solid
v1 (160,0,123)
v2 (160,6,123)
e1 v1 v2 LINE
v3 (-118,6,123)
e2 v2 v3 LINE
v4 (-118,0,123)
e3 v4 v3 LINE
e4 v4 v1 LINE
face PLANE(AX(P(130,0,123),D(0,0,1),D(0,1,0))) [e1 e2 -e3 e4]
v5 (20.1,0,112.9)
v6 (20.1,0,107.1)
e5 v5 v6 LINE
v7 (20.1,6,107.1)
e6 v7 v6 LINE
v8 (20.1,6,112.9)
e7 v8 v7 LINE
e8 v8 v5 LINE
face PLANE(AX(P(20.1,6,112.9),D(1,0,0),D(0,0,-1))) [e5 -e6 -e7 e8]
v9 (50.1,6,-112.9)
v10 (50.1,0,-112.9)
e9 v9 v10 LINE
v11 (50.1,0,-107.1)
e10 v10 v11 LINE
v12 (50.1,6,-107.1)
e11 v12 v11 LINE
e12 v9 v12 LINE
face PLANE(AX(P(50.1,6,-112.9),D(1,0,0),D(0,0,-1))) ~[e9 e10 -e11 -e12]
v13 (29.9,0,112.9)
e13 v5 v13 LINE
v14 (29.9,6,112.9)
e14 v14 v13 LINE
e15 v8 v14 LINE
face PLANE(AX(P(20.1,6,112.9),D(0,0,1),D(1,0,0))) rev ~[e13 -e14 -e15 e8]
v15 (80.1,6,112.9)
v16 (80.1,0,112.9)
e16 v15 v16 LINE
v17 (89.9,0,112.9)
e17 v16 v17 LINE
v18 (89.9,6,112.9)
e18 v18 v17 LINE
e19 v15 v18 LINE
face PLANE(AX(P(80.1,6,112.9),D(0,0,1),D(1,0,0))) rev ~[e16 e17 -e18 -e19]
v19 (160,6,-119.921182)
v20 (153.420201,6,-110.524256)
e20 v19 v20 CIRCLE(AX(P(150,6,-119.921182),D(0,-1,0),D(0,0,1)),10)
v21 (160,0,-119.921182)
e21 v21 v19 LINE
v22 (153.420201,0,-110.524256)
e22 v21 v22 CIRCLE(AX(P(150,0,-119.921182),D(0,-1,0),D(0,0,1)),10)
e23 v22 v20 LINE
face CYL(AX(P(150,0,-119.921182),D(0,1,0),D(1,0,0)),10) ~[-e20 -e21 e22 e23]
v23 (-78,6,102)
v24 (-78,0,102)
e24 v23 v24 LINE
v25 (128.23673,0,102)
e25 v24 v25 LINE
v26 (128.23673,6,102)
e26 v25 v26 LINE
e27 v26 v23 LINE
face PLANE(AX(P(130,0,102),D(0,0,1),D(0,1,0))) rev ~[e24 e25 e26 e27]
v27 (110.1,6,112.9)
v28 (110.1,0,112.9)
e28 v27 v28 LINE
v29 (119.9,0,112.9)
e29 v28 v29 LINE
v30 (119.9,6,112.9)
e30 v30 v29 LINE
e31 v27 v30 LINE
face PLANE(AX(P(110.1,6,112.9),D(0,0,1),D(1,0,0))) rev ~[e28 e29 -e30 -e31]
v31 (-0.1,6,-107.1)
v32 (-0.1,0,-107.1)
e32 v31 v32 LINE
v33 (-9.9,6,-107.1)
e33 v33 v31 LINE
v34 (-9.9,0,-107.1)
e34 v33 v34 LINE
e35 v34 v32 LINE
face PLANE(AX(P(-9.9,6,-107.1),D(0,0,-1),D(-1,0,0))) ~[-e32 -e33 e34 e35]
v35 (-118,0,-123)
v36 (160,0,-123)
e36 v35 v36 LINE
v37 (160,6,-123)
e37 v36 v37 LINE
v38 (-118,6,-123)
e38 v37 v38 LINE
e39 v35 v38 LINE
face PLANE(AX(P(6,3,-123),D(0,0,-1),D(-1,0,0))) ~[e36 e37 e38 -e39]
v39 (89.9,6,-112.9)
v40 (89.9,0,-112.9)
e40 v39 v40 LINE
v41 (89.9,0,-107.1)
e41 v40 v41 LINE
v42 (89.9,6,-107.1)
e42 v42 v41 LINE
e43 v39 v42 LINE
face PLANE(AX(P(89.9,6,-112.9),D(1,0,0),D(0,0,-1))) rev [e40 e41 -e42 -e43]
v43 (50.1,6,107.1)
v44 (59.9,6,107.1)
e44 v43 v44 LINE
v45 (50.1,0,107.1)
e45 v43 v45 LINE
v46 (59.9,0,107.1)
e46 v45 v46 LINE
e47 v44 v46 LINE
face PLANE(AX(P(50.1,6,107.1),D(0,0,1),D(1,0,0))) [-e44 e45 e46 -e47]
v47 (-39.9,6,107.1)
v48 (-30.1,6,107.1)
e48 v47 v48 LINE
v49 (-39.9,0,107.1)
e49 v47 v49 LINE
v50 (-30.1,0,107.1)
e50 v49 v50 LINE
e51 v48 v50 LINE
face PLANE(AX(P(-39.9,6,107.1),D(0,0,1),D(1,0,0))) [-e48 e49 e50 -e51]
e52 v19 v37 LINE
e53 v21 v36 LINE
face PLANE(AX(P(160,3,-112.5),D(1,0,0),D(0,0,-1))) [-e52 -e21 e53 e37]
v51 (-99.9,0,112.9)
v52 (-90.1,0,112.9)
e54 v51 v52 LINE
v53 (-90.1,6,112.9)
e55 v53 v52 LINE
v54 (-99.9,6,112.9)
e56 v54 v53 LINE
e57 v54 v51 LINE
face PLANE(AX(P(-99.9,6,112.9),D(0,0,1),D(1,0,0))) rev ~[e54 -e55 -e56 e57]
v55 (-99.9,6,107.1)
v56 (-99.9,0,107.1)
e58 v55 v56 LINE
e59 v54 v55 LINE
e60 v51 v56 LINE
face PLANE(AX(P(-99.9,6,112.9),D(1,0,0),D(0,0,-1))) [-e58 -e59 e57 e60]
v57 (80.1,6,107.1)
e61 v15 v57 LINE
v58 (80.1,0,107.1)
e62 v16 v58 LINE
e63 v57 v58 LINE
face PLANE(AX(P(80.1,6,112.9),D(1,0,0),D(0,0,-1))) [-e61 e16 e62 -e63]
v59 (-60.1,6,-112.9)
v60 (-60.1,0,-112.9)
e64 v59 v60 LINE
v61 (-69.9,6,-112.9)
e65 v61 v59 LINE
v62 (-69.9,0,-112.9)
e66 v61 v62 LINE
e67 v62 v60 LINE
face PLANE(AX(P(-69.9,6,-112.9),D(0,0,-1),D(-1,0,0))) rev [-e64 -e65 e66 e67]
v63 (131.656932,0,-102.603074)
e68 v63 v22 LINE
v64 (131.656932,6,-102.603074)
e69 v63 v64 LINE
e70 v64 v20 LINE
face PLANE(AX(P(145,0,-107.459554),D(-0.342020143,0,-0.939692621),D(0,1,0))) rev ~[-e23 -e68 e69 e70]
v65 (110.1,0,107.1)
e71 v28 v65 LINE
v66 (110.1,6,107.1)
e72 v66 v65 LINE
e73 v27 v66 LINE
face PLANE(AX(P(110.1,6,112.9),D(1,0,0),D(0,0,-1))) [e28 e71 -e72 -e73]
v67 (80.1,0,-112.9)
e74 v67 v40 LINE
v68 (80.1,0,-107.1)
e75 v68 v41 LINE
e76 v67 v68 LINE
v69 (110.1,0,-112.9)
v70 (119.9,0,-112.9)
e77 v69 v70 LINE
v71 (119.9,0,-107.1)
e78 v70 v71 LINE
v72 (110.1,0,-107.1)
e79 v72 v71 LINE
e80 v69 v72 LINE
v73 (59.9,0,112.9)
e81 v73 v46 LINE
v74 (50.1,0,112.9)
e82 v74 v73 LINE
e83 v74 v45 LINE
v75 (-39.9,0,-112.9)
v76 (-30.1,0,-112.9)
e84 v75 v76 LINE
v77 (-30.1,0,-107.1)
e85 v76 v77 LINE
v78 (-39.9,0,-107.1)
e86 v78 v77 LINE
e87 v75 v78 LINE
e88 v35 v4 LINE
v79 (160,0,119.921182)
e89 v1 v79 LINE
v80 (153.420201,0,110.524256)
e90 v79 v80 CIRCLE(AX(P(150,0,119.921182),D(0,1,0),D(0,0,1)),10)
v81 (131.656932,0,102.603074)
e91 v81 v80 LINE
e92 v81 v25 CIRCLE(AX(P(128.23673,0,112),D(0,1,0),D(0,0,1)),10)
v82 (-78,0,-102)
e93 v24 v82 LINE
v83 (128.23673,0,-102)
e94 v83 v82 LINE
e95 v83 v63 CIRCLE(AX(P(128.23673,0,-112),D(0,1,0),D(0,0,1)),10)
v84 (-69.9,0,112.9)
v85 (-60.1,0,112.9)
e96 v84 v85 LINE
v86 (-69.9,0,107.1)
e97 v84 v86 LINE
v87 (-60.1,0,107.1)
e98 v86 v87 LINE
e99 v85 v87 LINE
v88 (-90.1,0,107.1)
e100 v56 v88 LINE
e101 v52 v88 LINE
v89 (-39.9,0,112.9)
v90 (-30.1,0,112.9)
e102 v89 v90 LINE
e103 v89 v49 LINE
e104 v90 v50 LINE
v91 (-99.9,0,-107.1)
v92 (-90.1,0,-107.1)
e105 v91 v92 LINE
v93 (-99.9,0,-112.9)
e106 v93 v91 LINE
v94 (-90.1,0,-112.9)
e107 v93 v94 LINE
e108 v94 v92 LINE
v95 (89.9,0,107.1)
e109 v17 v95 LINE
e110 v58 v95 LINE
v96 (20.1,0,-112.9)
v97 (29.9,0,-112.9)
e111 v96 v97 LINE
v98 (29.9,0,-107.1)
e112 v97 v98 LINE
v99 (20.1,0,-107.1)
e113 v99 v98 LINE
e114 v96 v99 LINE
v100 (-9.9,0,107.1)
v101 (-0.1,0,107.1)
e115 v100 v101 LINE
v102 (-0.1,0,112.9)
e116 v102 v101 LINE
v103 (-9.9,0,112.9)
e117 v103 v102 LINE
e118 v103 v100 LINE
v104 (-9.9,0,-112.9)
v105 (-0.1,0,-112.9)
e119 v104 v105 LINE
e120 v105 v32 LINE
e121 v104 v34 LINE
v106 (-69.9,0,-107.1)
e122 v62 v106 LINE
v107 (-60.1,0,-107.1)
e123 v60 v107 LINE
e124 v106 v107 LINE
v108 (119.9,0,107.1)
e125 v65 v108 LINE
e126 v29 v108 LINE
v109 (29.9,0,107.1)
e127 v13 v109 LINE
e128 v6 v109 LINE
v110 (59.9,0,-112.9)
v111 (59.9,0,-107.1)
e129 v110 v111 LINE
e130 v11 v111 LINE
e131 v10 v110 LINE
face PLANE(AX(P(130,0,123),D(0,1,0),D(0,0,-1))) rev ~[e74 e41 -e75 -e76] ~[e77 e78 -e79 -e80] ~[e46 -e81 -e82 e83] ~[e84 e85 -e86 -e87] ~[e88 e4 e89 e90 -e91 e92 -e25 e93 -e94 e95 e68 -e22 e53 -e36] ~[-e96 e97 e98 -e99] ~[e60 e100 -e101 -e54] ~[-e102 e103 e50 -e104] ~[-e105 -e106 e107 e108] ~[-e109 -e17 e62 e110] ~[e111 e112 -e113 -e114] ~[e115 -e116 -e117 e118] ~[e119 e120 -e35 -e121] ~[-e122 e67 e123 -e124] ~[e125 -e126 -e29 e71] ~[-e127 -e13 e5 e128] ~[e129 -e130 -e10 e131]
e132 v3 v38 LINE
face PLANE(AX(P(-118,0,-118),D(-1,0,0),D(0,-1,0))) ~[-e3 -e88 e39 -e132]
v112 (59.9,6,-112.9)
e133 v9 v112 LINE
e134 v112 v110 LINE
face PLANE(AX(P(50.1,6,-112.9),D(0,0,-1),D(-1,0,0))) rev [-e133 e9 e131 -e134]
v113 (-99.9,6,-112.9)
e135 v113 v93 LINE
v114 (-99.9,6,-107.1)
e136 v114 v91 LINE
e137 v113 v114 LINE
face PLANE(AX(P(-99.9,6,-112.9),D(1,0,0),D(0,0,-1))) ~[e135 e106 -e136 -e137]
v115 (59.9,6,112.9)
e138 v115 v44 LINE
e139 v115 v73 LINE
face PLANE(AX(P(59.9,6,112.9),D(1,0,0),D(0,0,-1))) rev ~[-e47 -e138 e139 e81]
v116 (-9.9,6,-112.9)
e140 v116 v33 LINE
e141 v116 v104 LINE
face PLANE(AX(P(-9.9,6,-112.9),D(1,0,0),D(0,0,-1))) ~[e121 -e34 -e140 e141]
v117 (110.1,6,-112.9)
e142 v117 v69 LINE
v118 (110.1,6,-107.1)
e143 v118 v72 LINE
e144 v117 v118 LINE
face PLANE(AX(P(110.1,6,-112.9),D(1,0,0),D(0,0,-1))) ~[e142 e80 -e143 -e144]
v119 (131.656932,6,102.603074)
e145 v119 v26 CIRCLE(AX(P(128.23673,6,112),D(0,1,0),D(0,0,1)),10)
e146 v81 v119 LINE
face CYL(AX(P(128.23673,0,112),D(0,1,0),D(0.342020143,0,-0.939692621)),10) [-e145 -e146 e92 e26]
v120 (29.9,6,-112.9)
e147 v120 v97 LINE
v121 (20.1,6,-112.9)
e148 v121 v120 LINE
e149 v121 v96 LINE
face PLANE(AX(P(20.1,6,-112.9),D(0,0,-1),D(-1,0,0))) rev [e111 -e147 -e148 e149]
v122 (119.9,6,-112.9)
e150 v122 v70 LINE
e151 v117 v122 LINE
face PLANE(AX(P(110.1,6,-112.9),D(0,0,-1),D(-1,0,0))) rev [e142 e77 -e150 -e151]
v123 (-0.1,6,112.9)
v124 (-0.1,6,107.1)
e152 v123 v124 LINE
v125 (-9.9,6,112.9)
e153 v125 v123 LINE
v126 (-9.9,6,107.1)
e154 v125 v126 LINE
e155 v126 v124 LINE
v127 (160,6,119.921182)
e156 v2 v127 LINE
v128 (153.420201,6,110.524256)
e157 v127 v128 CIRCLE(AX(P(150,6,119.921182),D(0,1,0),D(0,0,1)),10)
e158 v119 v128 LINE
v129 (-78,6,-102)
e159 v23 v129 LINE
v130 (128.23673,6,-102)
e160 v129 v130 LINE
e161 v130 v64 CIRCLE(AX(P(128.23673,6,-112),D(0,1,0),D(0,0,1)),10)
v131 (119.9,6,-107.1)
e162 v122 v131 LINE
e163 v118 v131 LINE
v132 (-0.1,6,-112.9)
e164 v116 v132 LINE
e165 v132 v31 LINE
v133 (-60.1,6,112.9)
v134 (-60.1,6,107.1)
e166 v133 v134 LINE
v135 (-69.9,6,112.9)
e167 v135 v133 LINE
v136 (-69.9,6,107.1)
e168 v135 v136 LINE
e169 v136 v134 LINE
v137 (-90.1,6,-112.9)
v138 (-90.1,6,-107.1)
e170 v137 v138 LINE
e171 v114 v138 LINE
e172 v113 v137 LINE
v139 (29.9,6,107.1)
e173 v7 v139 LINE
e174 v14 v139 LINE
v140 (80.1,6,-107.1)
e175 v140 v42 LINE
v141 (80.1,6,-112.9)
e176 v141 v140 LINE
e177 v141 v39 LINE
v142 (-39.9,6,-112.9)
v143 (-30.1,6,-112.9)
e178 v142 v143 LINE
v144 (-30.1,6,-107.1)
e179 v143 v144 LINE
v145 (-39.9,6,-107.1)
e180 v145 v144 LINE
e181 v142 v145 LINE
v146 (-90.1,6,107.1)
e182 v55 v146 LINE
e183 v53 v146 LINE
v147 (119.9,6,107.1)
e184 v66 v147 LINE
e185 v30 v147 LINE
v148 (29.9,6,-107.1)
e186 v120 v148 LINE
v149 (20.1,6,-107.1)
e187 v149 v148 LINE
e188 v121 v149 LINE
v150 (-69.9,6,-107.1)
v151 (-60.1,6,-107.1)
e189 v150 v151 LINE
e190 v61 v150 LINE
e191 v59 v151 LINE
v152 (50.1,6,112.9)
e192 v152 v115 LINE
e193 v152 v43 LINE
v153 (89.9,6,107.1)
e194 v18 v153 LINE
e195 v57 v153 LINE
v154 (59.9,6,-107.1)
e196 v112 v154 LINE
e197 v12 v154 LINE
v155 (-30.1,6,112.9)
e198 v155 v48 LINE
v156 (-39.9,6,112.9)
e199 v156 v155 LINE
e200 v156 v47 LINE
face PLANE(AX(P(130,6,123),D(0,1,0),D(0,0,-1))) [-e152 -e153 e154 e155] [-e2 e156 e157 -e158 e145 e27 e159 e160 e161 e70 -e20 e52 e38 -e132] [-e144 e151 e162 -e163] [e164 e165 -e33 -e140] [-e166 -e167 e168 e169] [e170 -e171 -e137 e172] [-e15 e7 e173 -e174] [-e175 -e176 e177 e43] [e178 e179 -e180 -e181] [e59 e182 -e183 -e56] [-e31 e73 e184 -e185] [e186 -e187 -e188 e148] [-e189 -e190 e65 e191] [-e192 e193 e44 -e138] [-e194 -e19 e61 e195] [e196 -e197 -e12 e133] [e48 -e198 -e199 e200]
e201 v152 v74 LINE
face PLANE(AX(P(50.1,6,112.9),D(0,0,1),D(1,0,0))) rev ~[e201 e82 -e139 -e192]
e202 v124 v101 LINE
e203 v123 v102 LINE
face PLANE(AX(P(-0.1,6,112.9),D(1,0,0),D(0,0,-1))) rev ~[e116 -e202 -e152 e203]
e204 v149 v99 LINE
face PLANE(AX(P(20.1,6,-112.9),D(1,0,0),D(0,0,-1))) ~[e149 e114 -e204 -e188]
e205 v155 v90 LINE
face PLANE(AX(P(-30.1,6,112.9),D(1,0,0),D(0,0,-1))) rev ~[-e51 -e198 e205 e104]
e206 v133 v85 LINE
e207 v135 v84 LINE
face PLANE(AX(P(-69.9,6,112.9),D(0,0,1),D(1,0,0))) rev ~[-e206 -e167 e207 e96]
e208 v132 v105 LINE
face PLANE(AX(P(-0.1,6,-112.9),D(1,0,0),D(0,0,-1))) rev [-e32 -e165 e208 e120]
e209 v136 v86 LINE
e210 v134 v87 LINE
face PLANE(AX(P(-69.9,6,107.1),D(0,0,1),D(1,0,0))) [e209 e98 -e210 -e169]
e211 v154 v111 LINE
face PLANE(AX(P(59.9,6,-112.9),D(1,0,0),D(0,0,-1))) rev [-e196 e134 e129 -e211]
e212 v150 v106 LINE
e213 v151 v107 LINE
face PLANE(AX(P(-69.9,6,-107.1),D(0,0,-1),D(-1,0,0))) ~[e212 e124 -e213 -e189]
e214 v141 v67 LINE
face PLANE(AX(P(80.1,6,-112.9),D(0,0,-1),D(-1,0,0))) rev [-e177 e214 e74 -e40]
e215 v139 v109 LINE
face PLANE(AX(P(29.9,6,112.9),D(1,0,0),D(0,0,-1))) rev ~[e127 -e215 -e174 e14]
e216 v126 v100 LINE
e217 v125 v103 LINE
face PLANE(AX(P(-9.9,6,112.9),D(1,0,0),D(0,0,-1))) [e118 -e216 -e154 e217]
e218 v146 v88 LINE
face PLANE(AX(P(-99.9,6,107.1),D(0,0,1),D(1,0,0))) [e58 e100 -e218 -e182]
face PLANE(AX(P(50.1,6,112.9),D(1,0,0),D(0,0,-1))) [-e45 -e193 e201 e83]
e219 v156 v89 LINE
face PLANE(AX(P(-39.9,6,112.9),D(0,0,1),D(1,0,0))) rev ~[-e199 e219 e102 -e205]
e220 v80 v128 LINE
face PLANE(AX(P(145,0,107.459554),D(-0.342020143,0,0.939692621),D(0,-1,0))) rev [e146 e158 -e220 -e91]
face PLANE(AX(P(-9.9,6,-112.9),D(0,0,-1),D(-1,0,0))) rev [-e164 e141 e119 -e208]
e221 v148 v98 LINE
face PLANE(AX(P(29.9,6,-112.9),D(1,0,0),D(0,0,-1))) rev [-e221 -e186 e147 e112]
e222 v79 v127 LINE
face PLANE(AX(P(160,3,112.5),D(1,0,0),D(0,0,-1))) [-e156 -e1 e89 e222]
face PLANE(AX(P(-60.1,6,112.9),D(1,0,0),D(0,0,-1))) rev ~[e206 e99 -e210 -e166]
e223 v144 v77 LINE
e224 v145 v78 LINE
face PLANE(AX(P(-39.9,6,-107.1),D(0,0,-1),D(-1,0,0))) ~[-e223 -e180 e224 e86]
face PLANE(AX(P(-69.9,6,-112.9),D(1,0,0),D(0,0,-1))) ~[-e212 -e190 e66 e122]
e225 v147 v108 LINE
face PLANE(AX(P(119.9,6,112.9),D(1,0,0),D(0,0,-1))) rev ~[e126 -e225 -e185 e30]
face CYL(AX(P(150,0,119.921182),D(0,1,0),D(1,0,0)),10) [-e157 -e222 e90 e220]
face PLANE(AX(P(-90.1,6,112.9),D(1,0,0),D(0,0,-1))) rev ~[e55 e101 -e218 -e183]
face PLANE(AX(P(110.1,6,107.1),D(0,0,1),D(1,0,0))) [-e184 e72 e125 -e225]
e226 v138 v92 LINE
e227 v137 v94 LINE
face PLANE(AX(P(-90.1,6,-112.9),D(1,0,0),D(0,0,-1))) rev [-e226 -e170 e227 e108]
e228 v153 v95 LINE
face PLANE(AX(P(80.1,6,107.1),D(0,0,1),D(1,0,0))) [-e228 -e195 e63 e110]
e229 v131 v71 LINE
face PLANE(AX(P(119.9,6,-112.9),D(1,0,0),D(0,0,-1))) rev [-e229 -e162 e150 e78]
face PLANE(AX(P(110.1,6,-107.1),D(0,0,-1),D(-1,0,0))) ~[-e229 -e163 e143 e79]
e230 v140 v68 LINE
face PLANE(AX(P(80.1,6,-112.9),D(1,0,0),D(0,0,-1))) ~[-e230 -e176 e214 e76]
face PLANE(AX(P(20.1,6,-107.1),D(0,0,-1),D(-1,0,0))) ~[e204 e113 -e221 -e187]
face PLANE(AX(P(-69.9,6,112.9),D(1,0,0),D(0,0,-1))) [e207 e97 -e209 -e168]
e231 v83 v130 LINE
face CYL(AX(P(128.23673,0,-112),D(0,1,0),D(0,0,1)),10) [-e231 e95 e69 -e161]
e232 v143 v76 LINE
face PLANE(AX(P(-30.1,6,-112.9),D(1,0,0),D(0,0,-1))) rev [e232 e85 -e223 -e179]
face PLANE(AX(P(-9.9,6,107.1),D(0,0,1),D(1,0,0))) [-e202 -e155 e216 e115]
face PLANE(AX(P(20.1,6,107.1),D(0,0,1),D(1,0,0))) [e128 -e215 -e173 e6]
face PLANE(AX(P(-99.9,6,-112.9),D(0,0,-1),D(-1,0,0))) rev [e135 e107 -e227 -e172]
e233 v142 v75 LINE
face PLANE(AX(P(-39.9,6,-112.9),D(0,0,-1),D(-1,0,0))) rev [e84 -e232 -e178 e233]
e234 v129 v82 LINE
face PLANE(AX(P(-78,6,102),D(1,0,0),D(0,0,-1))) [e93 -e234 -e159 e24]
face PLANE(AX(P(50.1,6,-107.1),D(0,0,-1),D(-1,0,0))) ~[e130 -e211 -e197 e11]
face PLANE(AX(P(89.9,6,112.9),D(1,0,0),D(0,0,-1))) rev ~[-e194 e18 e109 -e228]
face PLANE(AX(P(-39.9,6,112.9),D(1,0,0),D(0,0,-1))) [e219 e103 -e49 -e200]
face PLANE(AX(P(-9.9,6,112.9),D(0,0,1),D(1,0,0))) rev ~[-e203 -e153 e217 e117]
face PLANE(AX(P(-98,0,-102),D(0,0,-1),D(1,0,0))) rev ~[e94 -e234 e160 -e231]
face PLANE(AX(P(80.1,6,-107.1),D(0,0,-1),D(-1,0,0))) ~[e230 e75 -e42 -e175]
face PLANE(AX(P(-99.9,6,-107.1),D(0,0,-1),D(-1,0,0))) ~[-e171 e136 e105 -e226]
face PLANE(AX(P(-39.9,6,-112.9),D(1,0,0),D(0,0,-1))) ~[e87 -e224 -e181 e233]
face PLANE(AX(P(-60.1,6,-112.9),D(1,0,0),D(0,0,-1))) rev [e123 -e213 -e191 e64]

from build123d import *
from OCP.BRepFilletAPI import BRepFilletAPI_MakeChamfer

# Parameters (mm, degrees)
BOSS_EXTRUDE1_DEPTH = 6
SKETCH2_W           = 9.8
SKETCH2_H           = 5.8
CUT_EXTRUDE1_DEPTH  = 6
SKETCH5_W           = 20
SKETCH5_H           = 236
CUT_EXTRUDE2_DEPTH  = 6
SKETCH6_W           = 10
SKETCH6_H           = 204
CUT_EXTRUDE3_DEPTH  = 20
SKETCH7_W           = 32
SKETCH7_H           = 236
CUT_EXTRUDE4_DEPTH  = 20
SKETCH8_W           = 248
SKETCH8_H           = 6
BOSS_EXTRUDE2_DEPTH = 5
SKETCH10_W          = 30
SKETCH10_H          = 204
BOSS_EXTRUDE3_DEPTH = 6
SKETCH11_W          = 21
SKETCH11_H          = 6
BOSS_EXTRUDE4_DEPTH = 30
CHAMFER1_SIZE       = 30
CHAMFER1_SIZE2      = 10.919107028
FILLET1_R           = 10


with BuildPart() as part:
    # Sketch1 → Boss-Extrude1 (new body)
    with BuildSketch(Plane(origin=(0, 0, 0), x_dir=(1, 0, 0), z_dir=(0, 1, 0))):
        Polygon((-150, 118), (-150, -118), (150, -118), (150, -102), (-98, -102), (-98, 102), (150, 102), (150, 118), align=None)
    extrude(amount=BOSS_EXTRUDE1_DEPTH)

    # Sketch2 → Cut-Extrude1 (cut)
    with BuildSketch(Plane(origin=(0, 6, 0), x_dir=(1, 0, 0), z_dir=(0, 1, 0))):
        with Locations((85, -110)):
            Rectangle(SKETCH2_W, SKETCH2_H)
        with Locations((115, -110)):
            Rectangle(SKETCH2_W, SKETCH2_H)
        with Locations((55, -110)):
            Rectangle(SKETCH2_W, SKETCH2_H)
        with Locations((25, -110)):
            Rectangle(SKETCH2_W, SKETCH2_H)
        with Locations((-5, -110)):
            Rectangle(SKETCH2_W, SKETCH2_H)
        with Locations((-35, -110)):
            Rectangle(SKETCH2_W, SKETCH2_H)
        with Locations((-65, -110)):
            Rectangle(SKETCH2_W, SKETCH2_H)
        with Locations((-95, -110)):
            Rectangle(SKETCH2_W, SKETCH2_H)
    cut_extrude1 = extrude(amount=-CUT_EXTRUDE1_DEPTH, mode=Mode.SUBTRACT)

    # Mirror1: Cut-Extrude1 across plane
    add(cut_extrude1.mirror(Plane.XY), mode=Mode.SUBTRACT)

    # Sketch5 → Cut-Extrude2 (cut)
    with BuildSketch(Plane(origin=(0, 6, 0), x_dir=(1, 0, 0), z_dir=(0, 1, 0))):
        with Locations((140, 0)):
            Rectangle(SKETCH5_W, SKETCH5_H)
    extrude(amount=-CUT_EXTRUDE2_DEPTH, mode=Mode.SUBTRACT)

    # Sketch6 → Cut-Extrude3 (cut)
    with BuildSketch(Plane(origin=(0, 6, 0), x_dir=(1, 0, 0), z_dir=(0, 1, 0))):
        with Locations((-103, 0)):
            Rectangle(SKETCH6_W, SKETCH6_H)
    extrude(amount=-CUT_EXTRUDE3_DEPTH, mode=Mode.SUBTRACT)

    # Sketch7 → Cut-Extrude4 (cut)
    with BuildSketch(Plane(origin=(0, 6, 0), x_dir=(1, 0, 0), z_dir=(0, 1, 0))):
        with Locations((-134, 0)):
            Rectangle(SKETCH7_W, SKETCH7_H)
    extrude(amount=-CUT_EXTRUDE4_DEPTH, mode=Mode.SUBTRACT)

    # Sketch8 → Boss-Extrude2 (add)
    with BuildSketch(Plane.XY.offset(118)):
        with Locations((6, 3)):
            Rectangle(SKETCH8_W, SKETCH8_H)
    boss_extrude2 = extrude(amount=BOSS_EXTRUDE2_DEPTH)

    # Mirror2: Boss-Extrude2 across plane
    add(boss_extrude2.mirror(Plane.XY))

    # Sketch10 → Boss-Extrude3 (add, through all)
    with BuildSketch(Plane(origin=(0, 6, 0), x_dir=(1, 0, 0), z_dir=(0, 1, 0))):
        with Locations((-93, 0)):
            Rectangle(SKETCH10_W, SKETCH10_H)
    extrude(amount=-BOSS_EXTRUDE3_DEPTH)

    # Sketch11 → Boss-Extrude4 (add)
    with BuildSketch(Plane(origin=(130, 0, 0), x_dir=(0, 0, -1), z_dir=(1, 0, 0))):
        with Locations((-112.5, 3)):
            Rectangle(SKETCH11_W, SKETCH11_H)
        with Locations((112.5, 3)):
            Rectangle(SKETCH11_W, SKETCH11_H)
    extrude(amount=BOSS_EXTRUDE4_DEPTH)

    # Chamfer1: one chamfer whose edges measure the first distance from different faces: ONE call of the kernel's chamfer builder (chamfer() names one face for all edges)
    chamfer1_edges_1 = [part.edges().sort_by_distance(p)[0] for p in [
        (160, 3, 102),
    ]]
    chamfer1_side_1 = [part.faces().sort_by_distance(p)[0] for p in [
        (41, 3, 102),
    ]]
    chamfer1_edges_2 = [part.edges().sort_by_distance(p)[0] for p in [
        (160, 3, -102),
    ]]
    chamfer1_side_2 = [part.faces().sort_by_distance(p)[0] for p in [
        (41, 3, -102),
    ]]
    chamfer1 = BRepFilletAPI_MakeChamfer(part.part.solid().wrapped)
    for e in chamfer1_edges_1:
        chamfer1.Add(CHAMFER1_SIZE, CHAMFER1_SIZE2, e.wrapped, chamfer1_side_1[0].wrapped)  # the first distance lies on this face
    for e in chamfer1_edges_2:
        chamfer1.Add(CHAMFER1_SIZE, CHAMFER1_SIZE2, e.wrapped, chamfer1_side_2[0].wrapped)  # the first distance lies on this face
    add(Compound.cast(chamfer1.Shape()), mode=Mode.REPLACE)

    # Fillet1
    fillet1_edges = [part.edges().sort_by_distance(p)[0] for p in [
        (160, 3, 112.919107028),
        (130, 3, 102),
        (160, 3, -112.919107028),
        (130, 3, -102),
    ]]
    fillet(fillet1_edges, radius=FILLET1_R)


solid = part.part
